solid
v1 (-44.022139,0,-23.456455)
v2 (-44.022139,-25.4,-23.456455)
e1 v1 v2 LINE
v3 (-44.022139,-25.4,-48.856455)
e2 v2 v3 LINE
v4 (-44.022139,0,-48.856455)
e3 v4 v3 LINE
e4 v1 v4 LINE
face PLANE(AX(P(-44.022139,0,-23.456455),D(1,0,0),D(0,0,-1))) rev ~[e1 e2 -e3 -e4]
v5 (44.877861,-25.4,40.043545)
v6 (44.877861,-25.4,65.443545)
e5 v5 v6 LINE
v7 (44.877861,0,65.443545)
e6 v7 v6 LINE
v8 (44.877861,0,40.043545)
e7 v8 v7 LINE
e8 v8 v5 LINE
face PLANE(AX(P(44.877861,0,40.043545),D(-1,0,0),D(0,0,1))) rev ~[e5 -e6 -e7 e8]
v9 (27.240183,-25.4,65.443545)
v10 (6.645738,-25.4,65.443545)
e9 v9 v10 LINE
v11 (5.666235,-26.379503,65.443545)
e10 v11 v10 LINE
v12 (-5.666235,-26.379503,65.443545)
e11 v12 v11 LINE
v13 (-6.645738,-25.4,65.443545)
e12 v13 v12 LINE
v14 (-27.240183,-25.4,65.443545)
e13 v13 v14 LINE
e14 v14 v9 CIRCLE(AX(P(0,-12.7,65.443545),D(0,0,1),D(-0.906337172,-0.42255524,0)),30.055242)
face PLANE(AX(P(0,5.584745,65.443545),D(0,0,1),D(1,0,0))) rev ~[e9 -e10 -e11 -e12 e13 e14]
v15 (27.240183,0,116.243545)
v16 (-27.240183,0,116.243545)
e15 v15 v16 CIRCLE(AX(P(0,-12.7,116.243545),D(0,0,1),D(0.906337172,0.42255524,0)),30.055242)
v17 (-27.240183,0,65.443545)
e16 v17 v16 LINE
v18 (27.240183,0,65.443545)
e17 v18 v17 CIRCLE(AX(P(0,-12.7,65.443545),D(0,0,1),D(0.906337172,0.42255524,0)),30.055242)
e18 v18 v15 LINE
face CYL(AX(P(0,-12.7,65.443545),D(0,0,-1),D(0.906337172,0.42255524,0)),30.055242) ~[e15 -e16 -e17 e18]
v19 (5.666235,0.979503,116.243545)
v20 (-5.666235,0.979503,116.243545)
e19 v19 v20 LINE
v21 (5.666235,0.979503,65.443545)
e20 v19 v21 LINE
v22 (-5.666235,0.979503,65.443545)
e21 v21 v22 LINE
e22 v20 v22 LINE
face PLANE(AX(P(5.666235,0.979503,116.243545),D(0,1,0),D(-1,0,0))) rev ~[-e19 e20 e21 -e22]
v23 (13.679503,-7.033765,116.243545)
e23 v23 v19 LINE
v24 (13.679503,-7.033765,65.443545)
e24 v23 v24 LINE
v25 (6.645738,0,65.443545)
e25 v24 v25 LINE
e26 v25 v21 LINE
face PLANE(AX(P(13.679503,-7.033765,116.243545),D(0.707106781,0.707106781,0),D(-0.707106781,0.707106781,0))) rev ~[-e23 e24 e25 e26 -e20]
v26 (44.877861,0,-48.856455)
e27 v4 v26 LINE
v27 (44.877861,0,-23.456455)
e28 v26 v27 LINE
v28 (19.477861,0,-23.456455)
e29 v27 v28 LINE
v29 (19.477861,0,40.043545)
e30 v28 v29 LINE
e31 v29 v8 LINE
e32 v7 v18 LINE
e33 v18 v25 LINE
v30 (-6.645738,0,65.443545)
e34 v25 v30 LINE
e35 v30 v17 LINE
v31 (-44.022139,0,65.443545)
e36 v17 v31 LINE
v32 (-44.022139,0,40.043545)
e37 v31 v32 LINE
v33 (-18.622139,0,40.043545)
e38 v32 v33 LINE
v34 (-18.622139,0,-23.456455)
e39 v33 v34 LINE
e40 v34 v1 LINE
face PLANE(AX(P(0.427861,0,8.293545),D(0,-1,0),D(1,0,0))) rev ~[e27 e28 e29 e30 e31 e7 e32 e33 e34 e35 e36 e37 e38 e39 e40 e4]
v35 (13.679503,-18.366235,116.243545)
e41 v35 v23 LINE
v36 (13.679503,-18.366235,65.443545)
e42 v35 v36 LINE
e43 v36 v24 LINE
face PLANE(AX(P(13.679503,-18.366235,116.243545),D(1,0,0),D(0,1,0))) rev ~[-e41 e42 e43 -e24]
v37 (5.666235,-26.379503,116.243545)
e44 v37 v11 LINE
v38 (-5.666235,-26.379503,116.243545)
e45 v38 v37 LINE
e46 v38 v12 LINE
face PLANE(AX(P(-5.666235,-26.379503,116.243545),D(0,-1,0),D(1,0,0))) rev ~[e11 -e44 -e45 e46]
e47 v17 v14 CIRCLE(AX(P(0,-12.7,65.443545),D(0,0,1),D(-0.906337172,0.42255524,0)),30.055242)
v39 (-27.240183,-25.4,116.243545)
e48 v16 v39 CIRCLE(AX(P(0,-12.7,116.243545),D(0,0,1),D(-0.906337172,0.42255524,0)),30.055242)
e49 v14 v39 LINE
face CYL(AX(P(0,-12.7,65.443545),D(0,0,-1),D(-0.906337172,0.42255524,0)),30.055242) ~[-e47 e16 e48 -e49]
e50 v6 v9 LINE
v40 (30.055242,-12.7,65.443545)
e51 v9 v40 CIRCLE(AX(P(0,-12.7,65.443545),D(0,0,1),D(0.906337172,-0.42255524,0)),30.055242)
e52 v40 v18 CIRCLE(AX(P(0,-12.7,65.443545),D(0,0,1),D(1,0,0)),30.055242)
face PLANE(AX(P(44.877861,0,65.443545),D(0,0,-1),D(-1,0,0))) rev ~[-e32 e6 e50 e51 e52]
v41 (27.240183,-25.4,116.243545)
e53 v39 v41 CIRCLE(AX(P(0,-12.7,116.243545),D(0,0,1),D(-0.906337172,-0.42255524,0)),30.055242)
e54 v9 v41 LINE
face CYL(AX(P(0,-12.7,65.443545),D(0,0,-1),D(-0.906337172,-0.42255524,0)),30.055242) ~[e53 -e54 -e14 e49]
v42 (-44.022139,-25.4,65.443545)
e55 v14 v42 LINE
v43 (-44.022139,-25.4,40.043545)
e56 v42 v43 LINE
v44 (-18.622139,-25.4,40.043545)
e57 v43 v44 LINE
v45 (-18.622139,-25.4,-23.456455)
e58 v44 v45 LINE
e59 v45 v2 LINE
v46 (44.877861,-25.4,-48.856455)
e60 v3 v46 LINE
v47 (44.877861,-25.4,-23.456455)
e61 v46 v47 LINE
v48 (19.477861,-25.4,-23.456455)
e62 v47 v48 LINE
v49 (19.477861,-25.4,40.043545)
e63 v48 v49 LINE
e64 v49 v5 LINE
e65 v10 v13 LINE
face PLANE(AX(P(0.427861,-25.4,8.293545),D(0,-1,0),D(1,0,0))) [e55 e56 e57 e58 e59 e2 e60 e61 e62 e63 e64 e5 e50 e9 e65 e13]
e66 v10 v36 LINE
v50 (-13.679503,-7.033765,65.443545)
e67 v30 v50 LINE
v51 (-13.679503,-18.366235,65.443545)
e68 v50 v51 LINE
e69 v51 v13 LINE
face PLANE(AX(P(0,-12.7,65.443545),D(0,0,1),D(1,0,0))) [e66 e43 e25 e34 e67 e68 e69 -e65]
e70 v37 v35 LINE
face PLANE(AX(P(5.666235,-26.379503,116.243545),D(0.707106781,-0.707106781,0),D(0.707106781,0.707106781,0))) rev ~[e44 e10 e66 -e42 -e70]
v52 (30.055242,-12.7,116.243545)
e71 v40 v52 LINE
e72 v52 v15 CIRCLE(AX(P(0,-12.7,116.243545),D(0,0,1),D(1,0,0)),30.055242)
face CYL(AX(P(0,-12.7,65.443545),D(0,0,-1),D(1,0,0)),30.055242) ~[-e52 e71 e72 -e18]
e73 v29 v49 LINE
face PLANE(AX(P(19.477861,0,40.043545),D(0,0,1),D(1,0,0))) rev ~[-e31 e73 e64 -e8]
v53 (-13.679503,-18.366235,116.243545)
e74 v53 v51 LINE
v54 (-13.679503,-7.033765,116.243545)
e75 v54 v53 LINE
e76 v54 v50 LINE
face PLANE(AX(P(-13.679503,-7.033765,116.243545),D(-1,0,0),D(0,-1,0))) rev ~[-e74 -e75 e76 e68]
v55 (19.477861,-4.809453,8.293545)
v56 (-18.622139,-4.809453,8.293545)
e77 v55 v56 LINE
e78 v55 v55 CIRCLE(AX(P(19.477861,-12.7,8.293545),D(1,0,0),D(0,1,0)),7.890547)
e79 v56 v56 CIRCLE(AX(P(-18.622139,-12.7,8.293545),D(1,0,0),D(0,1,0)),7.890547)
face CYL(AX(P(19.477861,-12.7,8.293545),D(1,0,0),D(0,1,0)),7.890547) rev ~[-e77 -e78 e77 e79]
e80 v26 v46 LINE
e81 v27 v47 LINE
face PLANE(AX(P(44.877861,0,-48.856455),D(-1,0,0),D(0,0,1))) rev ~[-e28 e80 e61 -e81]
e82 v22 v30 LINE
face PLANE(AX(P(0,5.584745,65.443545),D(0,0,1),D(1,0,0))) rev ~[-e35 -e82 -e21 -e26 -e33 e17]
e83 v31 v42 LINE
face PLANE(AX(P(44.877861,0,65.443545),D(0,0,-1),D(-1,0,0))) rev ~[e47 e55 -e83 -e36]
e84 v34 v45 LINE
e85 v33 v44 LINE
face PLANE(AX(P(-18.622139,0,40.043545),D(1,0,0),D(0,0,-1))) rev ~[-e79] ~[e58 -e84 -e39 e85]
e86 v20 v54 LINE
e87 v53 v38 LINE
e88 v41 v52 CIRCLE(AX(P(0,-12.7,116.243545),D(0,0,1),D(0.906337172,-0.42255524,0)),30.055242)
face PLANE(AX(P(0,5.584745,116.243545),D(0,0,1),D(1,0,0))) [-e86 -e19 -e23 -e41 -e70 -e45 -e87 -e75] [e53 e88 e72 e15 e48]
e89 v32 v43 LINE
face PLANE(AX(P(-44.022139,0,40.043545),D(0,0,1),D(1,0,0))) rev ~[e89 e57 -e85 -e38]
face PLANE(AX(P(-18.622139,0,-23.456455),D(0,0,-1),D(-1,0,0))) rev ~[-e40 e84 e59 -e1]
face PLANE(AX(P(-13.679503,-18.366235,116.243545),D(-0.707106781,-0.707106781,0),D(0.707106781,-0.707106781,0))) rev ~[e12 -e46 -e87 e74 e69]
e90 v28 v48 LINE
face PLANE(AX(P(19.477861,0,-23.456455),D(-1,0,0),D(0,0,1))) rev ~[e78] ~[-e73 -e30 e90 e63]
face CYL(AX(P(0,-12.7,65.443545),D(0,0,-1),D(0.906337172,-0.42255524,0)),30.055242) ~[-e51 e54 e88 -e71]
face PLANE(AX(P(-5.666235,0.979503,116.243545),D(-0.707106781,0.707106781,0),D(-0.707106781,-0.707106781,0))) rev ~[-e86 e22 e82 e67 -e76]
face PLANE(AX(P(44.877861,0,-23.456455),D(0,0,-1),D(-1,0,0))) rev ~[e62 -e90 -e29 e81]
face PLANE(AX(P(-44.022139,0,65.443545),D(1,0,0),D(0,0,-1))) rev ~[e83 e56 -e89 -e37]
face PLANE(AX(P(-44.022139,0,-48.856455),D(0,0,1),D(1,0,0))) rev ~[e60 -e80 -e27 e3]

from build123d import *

# Parameters (mm, degrees)
F1_DEPTH = 25.4
F2_R     = 7.890546565
F3_DEPTH = 63.501
F5_DEPTH = 50.8
F7_DEPTH = 50.8


with BuildPart() as f1:
    # F0 (on Front) → F1 (new body)
    with BuildSketch(Plane.XZ):
        Polygon((-44.0221392334, -23.4564554393), (-44.0221392334, -48.8564554393), (44.8778607666, -48.8564554393), (44.8778607666, -23.4564554393), (19.4778607666, -23.4564554393), (19.4778607666, 40.0435445607), (44.8778607666, 40.0435445607), (44.8778607666, 65.4435445607), (-44.0221392334, 65.4435445607), (-44.0221392334, 40.0435445607), (-18.6221392334, 40.0435445607), (-18.6221392334, -23.4564554393), align=None)
    extrude(amount=F1_DEPTH)

    # F2 (on face) → F3 (cut, through all)
    with BuildSketch(Plane.YZ.offset(19.4778607666)):
        with Locations((-12.7, 8.2935445607)):
            Circle(F2_R)
    extrude(amount=-F3_DEPTH, mode=Mode.SUBTRACT)

    # F4 (on face) → F5 (join)
    with BuildSketch(Plane.XY.offset(65.4435445607)):
        with BuildLine():
            Line((-27.2401830653, 0), (27.2401830653, 0))
            ThreePointArc((27.2401830653, 0), (0, 17.3552420291), (-27.2401830653, 0))
        make_face()
        with BuildLine():
            ThreePointArc((-27.2401830653, -25.4), (0, -42.7552420291), (27.2401830653, -25.4))
            Line((27.2401830653, -25.4), (-27.2401830653, -25.4))
        make_face()
        with BuildLine():
            ThreePointArc((27.2401830653, -25.4), (29.3430389392, -19.2041247868), (30.0552420291, -12.7))
            ThreePointArc((30.0552420291, -12.7), (29.3430389392, -6.1958752132), (27.2401830653, 0))
            Line((27.2401830653, 0), (-27.2401830653, 0))
            ThreePointArc((-27.2401830653, 0), (-30.0552420291, -12.7), (-27.2401830653, -25.4))
            Line((-27.2401830653, -25.4), (27.2401830653, -25.4))
        make_face()
    extrude(amount=F5_DEPTH)

    # F6 (on face) → F7 (cut)
    with BuildSketch(Plane.XY.offset(116.2435445607)):
        Polygon((13.6795025319, -18.3662354752), (13.6795025319, -7.0337645248), (5.6662354752, 0.9795025319), (-5.6662354752, 0.9795025319), (-13.6795025319, -7.0337645248), (-13.6795025319, -18.3662354752), (-5.6662354752, -26.3795025319), (5.6662354752, -26.3795025319), align=None)
    extrude(amount=-F7_DEPTH, mode=Mode.SUBTRACT)


solid = f1.part
